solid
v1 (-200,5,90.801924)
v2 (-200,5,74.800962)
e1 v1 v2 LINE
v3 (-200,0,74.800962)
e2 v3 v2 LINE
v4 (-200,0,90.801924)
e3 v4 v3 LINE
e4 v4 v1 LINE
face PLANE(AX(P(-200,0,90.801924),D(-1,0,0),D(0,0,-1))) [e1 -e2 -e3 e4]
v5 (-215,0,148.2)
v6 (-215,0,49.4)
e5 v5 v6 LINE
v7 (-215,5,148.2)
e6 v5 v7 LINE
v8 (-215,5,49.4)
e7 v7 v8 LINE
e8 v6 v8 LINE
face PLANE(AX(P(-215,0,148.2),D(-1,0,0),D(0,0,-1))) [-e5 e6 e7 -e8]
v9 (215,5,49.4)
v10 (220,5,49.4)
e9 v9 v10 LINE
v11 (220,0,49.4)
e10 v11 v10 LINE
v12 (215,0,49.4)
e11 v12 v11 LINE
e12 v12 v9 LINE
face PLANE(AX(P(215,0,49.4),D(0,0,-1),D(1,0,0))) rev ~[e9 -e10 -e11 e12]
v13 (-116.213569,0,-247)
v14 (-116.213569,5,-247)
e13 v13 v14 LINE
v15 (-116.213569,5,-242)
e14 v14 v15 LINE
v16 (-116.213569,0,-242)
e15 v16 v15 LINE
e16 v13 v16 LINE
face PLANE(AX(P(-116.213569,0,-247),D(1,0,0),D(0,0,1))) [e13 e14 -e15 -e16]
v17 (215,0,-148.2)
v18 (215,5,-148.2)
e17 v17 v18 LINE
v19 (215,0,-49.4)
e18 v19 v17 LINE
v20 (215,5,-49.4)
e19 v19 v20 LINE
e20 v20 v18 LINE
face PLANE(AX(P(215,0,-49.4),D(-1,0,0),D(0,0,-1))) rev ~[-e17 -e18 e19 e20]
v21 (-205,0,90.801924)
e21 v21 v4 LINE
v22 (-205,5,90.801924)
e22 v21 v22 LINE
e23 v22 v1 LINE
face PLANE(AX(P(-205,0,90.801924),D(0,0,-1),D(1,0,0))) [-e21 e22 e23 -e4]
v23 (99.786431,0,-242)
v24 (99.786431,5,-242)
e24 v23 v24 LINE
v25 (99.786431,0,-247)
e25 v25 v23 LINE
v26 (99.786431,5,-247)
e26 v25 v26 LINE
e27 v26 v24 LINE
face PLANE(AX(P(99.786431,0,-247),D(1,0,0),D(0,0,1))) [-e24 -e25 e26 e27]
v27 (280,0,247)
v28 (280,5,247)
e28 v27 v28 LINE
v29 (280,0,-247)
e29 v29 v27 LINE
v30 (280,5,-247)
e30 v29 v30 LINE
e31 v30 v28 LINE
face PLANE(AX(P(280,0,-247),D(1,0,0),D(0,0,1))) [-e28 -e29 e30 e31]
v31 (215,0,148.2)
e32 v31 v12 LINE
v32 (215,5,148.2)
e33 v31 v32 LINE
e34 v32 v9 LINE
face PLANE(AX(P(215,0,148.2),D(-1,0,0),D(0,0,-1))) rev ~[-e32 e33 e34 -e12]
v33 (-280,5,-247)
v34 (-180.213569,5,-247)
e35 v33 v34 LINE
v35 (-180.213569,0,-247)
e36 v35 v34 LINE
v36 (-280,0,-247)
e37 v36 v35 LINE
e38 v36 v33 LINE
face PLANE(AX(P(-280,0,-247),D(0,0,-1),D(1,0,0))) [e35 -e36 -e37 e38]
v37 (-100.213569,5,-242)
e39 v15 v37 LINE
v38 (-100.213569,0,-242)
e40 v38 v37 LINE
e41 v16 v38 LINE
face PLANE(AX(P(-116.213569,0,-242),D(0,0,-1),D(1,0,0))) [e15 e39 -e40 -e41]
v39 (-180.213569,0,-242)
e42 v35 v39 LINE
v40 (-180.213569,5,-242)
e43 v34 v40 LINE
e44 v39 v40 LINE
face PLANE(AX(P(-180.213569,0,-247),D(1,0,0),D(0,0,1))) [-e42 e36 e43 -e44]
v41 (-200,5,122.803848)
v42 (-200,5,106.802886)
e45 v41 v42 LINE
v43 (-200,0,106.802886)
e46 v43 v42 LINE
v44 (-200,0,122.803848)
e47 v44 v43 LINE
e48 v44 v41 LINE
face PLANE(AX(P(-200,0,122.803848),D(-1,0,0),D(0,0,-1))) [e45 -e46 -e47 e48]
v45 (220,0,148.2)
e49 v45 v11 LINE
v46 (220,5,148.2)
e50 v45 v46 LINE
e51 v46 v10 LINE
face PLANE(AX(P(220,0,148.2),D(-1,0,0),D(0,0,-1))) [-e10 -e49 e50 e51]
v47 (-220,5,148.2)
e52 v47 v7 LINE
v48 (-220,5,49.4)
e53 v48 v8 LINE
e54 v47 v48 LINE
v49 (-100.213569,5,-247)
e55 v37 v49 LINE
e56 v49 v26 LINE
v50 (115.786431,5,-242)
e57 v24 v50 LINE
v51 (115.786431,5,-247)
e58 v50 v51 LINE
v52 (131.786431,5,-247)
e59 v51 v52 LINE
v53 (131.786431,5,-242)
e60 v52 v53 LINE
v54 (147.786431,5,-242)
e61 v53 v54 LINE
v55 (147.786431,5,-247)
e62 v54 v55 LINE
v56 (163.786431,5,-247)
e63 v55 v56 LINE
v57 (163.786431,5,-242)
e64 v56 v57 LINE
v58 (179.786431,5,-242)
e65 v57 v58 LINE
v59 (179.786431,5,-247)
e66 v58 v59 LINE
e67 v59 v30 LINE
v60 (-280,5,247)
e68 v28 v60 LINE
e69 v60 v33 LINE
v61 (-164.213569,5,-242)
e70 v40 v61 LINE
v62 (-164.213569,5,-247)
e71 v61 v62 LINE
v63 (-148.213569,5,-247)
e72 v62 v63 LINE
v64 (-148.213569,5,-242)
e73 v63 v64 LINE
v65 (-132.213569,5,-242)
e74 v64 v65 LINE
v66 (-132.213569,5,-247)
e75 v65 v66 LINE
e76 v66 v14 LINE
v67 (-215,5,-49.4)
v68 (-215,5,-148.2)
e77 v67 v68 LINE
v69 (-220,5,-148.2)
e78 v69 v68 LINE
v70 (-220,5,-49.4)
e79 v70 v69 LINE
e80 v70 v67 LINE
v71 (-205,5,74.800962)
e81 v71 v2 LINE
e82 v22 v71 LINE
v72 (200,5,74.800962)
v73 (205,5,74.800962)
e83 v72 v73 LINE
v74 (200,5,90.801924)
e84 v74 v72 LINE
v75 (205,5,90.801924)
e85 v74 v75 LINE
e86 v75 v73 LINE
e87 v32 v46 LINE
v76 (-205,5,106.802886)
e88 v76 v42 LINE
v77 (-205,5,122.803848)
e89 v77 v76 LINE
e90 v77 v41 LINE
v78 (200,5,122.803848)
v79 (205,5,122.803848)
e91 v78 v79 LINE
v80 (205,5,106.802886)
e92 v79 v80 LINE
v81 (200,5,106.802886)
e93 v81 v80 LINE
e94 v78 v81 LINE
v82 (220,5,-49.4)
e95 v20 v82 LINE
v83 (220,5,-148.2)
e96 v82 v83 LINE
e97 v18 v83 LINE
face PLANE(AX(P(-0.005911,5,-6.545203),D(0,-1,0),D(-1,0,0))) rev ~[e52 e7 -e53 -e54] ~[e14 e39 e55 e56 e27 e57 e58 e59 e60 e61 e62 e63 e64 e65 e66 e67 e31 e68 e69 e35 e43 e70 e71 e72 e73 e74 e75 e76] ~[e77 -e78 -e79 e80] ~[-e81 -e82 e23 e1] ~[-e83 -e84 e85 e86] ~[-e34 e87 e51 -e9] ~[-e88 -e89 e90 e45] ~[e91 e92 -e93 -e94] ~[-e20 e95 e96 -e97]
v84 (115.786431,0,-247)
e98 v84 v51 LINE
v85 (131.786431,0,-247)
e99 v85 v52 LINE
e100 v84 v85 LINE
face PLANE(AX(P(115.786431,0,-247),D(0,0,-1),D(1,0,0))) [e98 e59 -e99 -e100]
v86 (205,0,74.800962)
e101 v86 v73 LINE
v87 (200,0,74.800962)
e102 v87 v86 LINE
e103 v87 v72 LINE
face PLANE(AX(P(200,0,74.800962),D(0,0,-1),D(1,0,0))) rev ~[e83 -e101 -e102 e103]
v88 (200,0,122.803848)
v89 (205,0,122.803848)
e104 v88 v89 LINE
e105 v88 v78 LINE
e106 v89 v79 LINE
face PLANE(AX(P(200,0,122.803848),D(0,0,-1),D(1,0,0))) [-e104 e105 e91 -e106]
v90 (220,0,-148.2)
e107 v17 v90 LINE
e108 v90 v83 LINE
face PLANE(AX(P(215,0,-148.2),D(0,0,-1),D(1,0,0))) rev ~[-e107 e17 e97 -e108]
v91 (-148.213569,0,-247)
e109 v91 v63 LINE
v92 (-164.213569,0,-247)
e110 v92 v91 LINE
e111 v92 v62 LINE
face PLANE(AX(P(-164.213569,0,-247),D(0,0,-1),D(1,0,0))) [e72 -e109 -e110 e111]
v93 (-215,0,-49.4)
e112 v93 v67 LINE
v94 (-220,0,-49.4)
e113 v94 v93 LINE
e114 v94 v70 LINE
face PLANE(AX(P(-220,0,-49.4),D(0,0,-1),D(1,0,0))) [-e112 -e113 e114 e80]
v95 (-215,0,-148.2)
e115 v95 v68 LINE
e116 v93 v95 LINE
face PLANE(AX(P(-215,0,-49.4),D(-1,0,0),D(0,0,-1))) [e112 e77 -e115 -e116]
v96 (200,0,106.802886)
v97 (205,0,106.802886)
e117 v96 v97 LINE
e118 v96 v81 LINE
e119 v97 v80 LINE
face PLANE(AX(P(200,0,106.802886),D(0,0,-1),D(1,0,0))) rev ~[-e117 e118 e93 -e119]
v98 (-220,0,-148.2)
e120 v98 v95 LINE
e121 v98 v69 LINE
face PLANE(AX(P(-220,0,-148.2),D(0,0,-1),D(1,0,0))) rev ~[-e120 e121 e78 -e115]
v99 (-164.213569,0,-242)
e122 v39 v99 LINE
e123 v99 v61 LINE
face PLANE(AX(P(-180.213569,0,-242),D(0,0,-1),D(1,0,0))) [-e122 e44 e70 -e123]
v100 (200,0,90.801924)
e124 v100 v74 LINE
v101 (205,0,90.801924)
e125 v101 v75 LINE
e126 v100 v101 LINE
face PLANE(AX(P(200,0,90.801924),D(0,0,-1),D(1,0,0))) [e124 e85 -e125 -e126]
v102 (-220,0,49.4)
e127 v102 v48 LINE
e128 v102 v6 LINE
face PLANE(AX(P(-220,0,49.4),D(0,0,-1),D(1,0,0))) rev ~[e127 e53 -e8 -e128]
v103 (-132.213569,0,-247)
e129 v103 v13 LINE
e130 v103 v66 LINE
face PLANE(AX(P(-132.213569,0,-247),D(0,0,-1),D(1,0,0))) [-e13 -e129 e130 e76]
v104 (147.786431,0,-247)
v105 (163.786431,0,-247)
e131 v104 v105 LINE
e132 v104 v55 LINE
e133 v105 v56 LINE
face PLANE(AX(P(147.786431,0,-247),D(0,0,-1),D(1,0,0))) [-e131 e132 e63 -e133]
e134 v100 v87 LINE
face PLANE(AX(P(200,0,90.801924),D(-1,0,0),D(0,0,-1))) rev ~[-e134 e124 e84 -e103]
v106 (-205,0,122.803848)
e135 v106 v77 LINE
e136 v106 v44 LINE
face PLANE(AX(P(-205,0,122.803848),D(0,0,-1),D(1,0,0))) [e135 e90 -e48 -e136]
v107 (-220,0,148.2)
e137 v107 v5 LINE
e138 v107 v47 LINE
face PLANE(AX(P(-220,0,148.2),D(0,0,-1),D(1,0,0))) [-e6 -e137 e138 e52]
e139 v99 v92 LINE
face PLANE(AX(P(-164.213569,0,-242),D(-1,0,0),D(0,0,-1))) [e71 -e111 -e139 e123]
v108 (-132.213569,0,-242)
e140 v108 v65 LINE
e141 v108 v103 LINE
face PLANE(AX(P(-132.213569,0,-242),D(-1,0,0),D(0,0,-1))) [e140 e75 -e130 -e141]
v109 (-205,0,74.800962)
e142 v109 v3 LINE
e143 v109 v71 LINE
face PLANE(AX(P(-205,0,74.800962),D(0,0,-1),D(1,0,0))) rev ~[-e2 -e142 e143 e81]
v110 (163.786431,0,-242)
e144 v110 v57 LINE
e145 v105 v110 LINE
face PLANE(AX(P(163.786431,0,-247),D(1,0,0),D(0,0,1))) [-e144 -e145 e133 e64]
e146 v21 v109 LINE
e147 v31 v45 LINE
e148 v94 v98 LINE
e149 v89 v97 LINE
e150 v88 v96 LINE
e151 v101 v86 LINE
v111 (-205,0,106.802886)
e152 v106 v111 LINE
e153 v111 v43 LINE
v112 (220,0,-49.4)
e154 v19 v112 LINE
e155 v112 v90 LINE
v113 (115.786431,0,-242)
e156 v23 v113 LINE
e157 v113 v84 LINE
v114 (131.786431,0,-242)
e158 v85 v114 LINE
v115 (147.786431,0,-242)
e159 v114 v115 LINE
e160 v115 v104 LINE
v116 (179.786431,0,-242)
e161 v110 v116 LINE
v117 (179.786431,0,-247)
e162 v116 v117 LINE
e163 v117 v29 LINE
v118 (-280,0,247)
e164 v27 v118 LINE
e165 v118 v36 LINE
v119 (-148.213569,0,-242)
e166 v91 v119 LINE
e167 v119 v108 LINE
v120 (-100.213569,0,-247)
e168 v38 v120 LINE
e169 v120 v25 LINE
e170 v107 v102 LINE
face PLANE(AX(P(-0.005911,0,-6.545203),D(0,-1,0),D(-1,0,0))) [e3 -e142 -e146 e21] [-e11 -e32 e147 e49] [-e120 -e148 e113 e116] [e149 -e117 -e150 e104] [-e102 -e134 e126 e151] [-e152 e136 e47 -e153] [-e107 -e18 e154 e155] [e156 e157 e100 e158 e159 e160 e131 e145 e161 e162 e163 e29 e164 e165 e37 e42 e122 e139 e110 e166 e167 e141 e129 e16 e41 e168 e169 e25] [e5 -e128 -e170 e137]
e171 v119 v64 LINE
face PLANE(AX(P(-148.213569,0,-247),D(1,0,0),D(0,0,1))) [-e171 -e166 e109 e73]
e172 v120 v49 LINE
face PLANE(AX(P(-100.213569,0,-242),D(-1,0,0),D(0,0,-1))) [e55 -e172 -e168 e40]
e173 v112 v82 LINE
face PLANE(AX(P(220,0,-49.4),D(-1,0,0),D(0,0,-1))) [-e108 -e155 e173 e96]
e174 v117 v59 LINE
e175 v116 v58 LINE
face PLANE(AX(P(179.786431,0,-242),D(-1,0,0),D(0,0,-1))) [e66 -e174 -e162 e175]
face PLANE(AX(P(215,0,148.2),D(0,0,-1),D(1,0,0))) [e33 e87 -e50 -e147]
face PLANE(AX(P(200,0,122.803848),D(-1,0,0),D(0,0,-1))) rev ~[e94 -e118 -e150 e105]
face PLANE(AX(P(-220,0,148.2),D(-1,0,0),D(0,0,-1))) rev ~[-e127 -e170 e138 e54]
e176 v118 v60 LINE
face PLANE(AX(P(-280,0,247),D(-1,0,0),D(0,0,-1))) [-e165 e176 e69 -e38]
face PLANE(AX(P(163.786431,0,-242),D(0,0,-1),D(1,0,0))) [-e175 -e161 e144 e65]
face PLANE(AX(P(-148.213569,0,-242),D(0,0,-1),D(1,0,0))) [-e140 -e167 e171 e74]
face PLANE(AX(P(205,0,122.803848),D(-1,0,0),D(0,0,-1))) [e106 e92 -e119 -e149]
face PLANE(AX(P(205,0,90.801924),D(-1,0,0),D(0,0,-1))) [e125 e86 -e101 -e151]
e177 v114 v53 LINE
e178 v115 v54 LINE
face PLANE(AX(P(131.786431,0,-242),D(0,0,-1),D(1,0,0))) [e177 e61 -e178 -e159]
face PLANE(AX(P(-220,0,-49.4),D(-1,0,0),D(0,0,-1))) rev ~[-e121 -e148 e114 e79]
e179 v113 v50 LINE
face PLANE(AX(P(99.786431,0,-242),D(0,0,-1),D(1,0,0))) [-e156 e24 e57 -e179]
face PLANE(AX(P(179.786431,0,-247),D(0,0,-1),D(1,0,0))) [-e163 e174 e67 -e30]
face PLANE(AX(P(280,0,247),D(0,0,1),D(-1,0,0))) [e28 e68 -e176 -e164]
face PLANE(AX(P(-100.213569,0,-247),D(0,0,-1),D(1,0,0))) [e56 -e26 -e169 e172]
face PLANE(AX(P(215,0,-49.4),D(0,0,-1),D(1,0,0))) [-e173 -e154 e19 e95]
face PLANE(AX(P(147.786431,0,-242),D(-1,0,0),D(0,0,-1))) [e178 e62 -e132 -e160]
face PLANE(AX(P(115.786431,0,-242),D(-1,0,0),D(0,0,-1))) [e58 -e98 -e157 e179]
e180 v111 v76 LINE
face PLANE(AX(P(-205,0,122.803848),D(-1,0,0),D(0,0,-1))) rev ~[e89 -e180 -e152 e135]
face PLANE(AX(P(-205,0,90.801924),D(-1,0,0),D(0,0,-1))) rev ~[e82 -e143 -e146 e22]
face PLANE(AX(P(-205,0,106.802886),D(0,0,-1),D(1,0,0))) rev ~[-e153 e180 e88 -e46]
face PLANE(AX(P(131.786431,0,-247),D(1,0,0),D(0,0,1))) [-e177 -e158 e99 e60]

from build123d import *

# Parameters (mm, degrees)
SKETCH1_W           = 5
SKETCH1_H           = 98.8
SKETCH1_H_2         = 16.000962119
BOSS_EXTRUDE1_DEPTH = 5


with BuildPart() as part:
    # Sketch1 → Boss-Extrude1 (new body)
    with BuildSketch(Plane(origin=(0, 0, 0), x_dir=(1, 0, 0), z_dir=(0, 1, 0))):
        Polygon((-280, 247), (-180.213569057, 247), (-180.213569057, 242), (-164.213569057, 242), (-164.213569057, 247), (-148.213569057, 247), (-148.213569057, 242), (-132.213569057, 242), (-132.213569057, 247), (-116.213569057, 247), (-116.213569057, 242), (-100.213569057, 242), (-100.213569057, 247), (99.786430943, 247), (99.786430943, 242), (115.786430943, 242), (115.786430943, 247), (131.786430943, 247), (131.786430943, 242), (147.786430943, 242), (147.786430943, 247), (163.786430943, 247), (163.786430943, 242), (179.786430943, 242), (179.786430943, 247), (280, 247), (280, -247), (-280, -247), align=None)
        with Locations((-217.5, -98.8)):
            Rectangle(SKETCH1_W, SKETCH1_H, mode=Mode.SUBTRACT)
        with Locations((217.5, -98.8)):
            Rectangle(SKETCH1_W, SKETCH1_H, mode=Mode.SUBTRACT)
        with Locations((-202.5, -82.801443178)):
            Rectangle(SKETCH1_W, SKETCH1_H_2, mode=Mode.SUBTRACT)
        with Locations((217.5, 98.8)):
            Rectangle(SKETCH1_W, SKETCH1_H, mode=Mode.SUBTRACT)
        with Locations((-217.5, 98.8)):
            Rectangle(SKETCH1_W, SKETCH1_H, mode=Mode.SUBTRACT)
        with Locations((202.5, -114.803367415)):
            Rectangle(SKETCH1_W, SKETCH1_H_2, mode=Mode.SUBTRACT)
        with Locations((202.5, -82.801443178)):
            Rectangle(SKETCH1_W, SKETCH1_H_2, mode=Mode.SUBTRACT)
        with Locations((-202.5, -114.803367415)):
            Rectangle(SKETCH1_W, SKETCH1_H_2, mode=Mode.SUBTRACT)
    extrude(amount=BOSS_EXTRUDE1_DEPTH)


solid = part.part
